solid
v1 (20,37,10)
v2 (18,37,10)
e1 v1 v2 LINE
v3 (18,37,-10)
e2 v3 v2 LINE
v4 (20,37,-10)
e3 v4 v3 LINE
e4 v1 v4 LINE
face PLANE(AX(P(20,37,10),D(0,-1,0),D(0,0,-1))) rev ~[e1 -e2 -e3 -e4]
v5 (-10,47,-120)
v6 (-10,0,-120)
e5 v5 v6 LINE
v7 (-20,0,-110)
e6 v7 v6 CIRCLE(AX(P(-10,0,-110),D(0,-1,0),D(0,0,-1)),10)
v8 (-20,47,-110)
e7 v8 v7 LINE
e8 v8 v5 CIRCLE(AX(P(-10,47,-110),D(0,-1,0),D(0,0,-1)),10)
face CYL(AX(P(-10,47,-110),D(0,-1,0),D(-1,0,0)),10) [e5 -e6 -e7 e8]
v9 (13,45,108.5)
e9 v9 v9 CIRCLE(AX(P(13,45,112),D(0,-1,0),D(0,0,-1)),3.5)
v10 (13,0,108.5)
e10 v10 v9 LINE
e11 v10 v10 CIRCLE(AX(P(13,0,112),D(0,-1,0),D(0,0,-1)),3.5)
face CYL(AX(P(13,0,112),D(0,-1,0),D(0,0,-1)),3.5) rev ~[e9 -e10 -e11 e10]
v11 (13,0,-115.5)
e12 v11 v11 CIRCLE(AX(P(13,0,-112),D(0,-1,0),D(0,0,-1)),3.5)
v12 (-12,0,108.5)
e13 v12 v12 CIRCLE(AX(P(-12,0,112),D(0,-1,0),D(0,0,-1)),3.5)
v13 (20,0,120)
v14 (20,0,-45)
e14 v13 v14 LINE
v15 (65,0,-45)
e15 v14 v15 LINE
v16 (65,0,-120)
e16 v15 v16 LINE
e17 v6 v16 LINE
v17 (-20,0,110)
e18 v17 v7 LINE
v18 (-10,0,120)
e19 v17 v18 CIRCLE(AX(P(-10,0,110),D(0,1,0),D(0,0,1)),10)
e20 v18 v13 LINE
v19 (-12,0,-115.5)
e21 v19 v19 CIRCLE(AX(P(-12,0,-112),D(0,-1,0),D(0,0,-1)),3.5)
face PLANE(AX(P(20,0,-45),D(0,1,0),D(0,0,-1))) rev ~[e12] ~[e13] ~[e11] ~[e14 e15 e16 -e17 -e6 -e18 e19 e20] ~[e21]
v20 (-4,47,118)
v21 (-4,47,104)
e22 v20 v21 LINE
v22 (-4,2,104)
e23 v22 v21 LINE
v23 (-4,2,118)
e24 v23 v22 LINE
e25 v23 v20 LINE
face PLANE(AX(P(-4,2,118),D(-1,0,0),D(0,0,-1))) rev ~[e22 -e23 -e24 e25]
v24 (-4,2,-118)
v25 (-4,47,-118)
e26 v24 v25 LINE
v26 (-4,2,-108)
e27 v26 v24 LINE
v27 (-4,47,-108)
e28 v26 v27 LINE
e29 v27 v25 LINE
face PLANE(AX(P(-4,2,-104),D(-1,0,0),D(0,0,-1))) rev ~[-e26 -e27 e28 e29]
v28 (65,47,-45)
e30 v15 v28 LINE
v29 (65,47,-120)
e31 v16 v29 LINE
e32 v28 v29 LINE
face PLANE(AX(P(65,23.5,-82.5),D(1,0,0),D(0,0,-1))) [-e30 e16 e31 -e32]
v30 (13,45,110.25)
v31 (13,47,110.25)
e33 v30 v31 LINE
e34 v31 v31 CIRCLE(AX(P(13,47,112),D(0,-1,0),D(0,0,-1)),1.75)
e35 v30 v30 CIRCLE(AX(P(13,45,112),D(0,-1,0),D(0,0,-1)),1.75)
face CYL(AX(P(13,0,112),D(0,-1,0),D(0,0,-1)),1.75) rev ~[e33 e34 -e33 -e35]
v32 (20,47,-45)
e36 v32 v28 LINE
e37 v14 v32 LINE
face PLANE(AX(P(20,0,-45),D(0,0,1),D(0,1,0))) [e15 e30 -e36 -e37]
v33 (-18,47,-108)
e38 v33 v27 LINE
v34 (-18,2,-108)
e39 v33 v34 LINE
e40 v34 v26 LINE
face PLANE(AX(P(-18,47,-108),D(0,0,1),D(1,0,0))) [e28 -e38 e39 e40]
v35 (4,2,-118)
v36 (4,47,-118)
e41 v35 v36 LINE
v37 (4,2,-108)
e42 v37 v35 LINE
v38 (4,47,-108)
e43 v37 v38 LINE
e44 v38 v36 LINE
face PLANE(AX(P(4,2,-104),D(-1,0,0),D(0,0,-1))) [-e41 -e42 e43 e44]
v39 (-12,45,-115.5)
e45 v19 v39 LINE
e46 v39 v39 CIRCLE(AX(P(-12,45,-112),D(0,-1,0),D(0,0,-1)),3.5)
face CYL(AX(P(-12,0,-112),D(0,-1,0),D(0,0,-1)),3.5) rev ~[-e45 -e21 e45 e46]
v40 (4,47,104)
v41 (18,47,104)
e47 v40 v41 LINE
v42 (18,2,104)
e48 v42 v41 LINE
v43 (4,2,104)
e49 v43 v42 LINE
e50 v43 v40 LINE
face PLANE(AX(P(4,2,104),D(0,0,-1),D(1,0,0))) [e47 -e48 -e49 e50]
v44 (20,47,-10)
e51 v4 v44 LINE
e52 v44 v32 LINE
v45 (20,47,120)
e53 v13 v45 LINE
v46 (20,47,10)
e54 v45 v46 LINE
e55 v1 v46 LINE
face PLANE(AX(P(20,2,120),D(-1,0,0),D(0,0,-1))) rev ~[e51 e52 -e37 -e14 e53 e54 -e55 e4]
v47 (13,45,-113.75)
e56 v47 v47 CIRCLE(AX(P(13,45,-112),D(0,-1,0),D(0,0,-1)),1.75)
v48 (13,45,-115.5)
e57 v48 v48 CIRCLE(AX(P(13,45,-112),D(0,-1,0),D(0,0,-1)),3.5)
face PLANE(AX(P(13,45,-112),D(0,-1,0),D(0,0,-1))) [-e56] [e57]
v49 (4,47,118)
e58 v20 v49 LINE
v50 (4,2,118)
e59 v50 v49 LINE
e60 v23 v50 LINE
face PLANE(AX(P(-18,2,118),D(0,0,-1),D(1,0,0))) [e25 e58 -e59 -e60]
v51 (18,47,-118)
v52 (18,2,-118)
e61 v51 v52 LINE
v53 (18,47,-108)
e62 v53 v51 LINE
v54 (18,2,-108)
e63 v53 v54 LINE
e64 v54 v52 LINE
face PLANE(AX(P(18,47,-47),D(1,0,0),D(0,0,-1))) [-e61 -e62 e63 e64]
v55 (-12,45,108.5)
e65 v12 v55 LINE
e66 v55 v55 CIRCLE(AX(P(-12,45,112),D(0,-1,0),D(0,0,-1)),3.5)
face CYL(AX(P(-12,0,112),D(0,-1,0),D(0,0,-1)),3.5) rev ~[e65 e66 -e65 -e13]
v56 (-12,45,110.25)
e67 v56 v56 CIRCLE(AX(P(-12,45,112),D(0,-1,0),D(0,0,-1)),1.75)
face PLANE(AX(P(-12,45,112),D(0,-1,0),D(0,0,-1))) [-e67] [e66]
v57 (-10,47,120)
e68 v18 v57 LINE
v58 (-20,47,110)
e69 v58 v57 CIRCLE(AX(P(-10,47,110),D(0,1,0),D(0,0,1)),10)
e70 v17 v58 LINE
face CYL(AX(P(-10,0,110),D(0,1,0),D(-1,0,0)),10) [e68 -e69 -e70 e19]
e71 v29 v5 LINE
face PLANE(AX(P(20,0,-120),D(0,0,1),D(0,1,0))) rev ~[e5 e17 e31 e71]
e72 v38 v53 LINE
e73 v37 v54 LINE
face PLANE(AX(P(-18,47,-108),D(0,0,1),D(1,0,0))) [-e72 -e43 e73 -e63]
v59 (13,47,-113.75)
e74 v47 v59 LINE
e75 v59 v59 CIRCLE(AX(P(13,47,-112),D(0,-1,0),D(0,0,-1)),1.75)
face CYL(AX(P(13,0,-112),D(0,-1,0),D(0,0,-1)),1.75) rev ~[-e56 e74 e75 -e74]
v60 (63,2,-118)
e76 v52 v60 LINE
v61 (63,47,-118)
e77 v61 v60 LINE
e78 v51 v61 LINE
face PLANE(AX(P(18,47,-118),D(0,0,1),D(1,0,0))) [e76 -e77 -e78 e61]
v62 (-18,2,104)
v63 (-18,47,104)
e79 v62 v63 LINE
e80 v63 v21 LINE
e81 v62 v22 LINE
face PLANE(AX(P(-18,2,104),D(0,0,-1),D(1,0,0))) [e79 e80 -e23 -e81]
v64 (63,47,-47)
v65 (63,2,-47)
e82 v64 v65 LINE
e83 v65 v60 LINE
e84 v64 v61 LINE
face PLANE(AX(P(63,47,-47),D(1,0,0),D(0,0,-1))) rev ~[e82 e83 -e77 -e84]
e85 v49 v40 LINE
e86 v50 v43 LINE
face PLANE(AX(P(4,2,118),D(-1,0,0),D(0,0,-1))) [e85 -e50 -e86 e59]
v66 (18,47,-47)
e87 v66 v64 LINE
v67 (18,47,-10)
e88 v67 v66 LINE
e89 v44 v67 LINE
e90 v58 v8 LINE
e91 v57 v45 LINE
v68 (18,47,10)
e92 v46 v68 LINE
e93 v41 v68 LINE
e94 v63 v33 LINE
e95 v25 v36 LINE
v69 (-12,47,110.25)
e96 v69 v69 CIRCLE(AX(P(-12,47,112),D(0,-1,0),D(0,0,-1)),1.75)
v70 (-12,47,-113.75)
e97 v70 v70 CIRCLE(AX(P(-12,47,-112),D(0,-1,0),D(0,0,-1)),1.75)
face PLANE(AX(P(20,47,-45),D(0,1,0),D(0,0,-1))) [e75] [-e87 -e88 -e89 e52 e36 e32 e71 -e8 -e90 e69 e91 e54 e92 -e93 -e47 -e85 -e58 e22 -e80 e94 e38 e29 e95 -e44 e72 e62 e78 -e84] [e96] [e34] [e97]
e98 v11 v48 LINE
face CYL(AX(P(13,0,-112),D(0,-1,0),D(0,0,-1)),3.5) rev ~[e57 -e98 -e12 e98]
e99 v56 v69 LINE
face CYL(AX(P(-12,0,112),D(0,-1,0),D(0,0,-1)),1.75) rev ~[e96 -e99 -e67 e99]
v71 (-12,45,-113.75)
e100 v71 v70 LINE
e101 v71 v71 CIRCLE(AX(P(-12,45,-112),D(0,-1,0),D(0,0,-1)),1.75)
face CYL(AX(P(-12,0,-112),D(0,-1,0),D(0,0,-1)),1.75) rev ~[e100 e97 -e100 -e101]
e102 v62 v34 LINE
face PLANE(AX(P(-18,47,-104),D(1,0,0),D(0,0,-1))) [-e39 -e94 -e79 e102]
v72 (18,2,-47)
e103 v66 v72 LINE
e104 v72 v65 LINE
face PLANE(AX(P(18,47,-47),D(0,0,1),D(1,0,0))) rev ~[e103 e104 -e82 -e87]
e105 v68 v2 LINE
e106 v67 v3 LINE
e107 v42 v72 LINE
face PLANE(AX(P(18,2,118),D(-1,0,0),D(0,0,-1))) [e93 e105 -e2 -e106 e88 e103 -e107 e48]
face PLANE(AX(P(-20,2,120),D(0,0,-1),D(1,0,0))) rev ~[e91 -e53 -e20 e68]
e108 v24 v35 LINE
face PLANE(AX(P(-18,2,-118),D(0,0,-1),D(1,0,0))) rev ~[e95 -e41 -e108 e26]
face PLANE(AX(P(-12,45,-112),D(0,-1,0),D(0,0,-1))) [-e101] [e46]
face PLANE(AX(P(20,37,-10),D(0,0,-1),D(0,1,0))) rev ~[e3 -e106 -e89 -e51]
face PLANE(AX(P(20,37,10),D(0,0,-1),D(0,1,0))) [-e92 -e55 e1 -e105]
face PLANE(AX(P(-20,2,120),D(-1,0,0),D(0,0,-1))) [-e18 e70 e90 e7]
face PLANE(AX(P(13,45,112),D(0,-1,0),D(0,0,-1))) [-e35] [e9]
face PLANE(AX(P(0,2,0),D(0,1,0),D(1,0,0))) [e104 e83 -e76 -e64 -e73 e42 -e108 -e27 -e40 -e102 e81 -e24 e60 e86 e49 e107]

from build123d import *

# Parameters (mm, degrees)
SKETCH1_W           = 40
SKETCH1_H           = 240
BOSS_EXTRUDE2_DEPTH = 2
SKETCH2_W           = 40
SKETCH2_H           = 240
SKETCH2_W_2         = 36
SKETCH2_H_2         = 236
BOSS_EXTRUDE4_DEPTH = 45
SKETCH3_W           = 14
SKETCH3_H           = 14
BOSS_EXTRUDE5_DEPTH = 45
SKETCH4_R           = 1.75
CUT_EXTRUDE1_DEPTH  = 90
SKETCH5_R           = 3.5
CUT_EXTRUDE2_DEPTH  = 45
SKETCH6_W           = 20
SKETCH6_H           = 10
CUT_EXTRUDE3_DEPTH  = 10
FILLET3_R           = 10
FILLET4_R           = 10
SKETCH7_W           = 75
SKETCH7_H           = 47
BOSS_EXTRUDE6_DEPTH = 45
SKETCH8_W           = 45
SKETCH8_H           = 71
CUT_EXTRUDE4_DEPTH  = 45
SKETCH9_W           = 36
SKETCH9_H           = 4
CUT_EXTRUDE5_DEPTH  = 45


with BuildPart() as part:
    # Sketch1 → Boss-Extrude2 (new body)
    with BuildSketch(Plane(origin=(0, 0, 0), x_dir=(1, 0, 0), z_dir=(0, 1, 0))):
        Rectangle(SKETCH1_W, SKETCH1_H)
    extrude(amount=BOSS_EXTRUDE2_DEPTH)

    # Sketch2 → Boss-Extrude4 (add)
    with BuildSketch(Plane(origin=(0, 2, 0), x_dir=(1, 0, 0), z_dir=(0, 1, 0))):
        Rectangle(SKETCH2_W, SKETCH2_H)
        Rectangle(SKETCH2_W_2, SKETCH2_H_2, mode=Mode.SUBTRACT)
    extrude(amount=BOSS_EXTRUDE4_DEPTH)

    # Sketch3 → Boss-Extrude5 (add)
    with BuildSketch(Plane(origin=(0, 2, 0), x_dir=(1, 0, 0), z_dir=(0, 1, 0))):
        with Locations((-11, 111)):
            Rectangle(SKETCH3_W, SKETCH3_H)
        with Locations((11, 111)):
            Rectangle(SKETCH3_W, SKETCH3_H)
        with Locations((-11, -111)):
            Rectangle(SKETCH3_W, SKETCH3_H)
        with Locations((11, -111)):
            Rectangle(SKETCH3_W, SKETCH3_H)
    extrude(amount=BOSS_EXTRUDE5_DEPTH)

    # Sketch4 → Cut-Extrude1 (cut)
    with BuildSketch(Plane(origin=(0, 0, 0), x_dir=(-1, 0, 0), z_dir=(0, -1, 0))):
        with Locations(Location((12, -112, 0), (0, 0, 90))):
            Circle(SKETCH4_R)
        with Locations(Location((-13, -112, 0), (0, 0, 90))):
            Circle(SKETCH4_R)
        with Locations(Location((12, 112, 0), (0, 0, 90))):
            Circle(SKETCH4_R)
        with Locations(Location((-13, 112, 0), (0, 0, 90))):
            Circle(SKETCH4_R)
    extrude(amount=-CUT_EXTRUDE1_DEPTH, mode=Mode.SUBTRACT)

    # Sketch5 → Cut-Extrude2 (cut)
    with BuildSketch(Plane(origin=(0, 0, 0), x_dir=(-1, 0, 0), z_dir=(0, -1, 0))):
        with Locations(Location((12, -112, 0), (0, 0, 90))):
            Circle(SKETCH5_R)
        with Locations(Location((-13, -112, 0), (0, 0, 90))):
            Circle(SKETCH5_R)
        with Locations(Location((12, 112, 0), (0, 0, 90))):
            Circle(SKETCH5_R)
        with Locations(Location((-13, 112, 0), (0, 0, 90))):
            Circle(SKETCH5_R)
    extrude(amount=-CUT_EXTRUDE2_DEPTH, mode=Mode.SUBTRACT)

    # Sketch6 → Cut-Extrude3 (cut)
    with BuildSketch(Plane(origin=(20, 0, 0), x_dir=(0, 0, -1), z_dir=(1, 0, 0))):
        with Locations((0, 42)):
            Rectangle(SKETCH6_W, SKETCH6_H)
    extrude(amount=-CUT_EXTRUDE3_DEPTH, mode=Mode.SUBTRACT)

    # Fillet3
    fillet3_edges = [part.edges().sort_by_distance(p)[0] for p in [
        (-20, 23.5, -120),
    ]]
    fillet(fillet3_edges, radius=FILLET3_R)

    # Fillet4
    fillet4_edges = [part.edges().sort_by_distance(p)[0] for p in [
        (-20, 23.5, 120),
    ]]
    fillet(fillet4_edges, radius=FILLET4_R)

    # Sketch7 → Boss-Extrude6 (add)
    with BuildSketch(Plane(origin=(20, 0, 0), x_dir=(0, 0, -1), z_dir=(1, 0, 0))):
        with Locations((82.5, 23.5)):
            Rectangle(SKETCH7_W, SKETCH7_H)
    extrude(amount=BOSS_EXTRUDE6_DEPTH)

    # Sketch8 → Cut-Extrude4 (cut)
    with BuildSketch(Plane(origin=(0, 47, 0), x_dir=(1, 0, 0), z_dir=(0, 1, 0))):
        with Locations((40.5, 82.5)):
            Rectangle(SKETCH8_W, SKETCH8_H)
    extrude(amount=-CUT_EXTRUDE4_DEPTH, mode=Mode.SUBTRACT)

    # Sketch9 → Cut-Extrude5 (cut)
    with BuildSketch(Plane(origin=(0, 47, 0), x_dir=(1, 0, 0), z_dir=(0, 1, 0))):
        with Locations((0, 106)):
            Rectangle(SKETCH9_W, SKETCH9_H)
    extrude(amount=-CUT_EXTRUDE5_DEPTH, mode=Mode.SUBTRACT)


solid = part.part
